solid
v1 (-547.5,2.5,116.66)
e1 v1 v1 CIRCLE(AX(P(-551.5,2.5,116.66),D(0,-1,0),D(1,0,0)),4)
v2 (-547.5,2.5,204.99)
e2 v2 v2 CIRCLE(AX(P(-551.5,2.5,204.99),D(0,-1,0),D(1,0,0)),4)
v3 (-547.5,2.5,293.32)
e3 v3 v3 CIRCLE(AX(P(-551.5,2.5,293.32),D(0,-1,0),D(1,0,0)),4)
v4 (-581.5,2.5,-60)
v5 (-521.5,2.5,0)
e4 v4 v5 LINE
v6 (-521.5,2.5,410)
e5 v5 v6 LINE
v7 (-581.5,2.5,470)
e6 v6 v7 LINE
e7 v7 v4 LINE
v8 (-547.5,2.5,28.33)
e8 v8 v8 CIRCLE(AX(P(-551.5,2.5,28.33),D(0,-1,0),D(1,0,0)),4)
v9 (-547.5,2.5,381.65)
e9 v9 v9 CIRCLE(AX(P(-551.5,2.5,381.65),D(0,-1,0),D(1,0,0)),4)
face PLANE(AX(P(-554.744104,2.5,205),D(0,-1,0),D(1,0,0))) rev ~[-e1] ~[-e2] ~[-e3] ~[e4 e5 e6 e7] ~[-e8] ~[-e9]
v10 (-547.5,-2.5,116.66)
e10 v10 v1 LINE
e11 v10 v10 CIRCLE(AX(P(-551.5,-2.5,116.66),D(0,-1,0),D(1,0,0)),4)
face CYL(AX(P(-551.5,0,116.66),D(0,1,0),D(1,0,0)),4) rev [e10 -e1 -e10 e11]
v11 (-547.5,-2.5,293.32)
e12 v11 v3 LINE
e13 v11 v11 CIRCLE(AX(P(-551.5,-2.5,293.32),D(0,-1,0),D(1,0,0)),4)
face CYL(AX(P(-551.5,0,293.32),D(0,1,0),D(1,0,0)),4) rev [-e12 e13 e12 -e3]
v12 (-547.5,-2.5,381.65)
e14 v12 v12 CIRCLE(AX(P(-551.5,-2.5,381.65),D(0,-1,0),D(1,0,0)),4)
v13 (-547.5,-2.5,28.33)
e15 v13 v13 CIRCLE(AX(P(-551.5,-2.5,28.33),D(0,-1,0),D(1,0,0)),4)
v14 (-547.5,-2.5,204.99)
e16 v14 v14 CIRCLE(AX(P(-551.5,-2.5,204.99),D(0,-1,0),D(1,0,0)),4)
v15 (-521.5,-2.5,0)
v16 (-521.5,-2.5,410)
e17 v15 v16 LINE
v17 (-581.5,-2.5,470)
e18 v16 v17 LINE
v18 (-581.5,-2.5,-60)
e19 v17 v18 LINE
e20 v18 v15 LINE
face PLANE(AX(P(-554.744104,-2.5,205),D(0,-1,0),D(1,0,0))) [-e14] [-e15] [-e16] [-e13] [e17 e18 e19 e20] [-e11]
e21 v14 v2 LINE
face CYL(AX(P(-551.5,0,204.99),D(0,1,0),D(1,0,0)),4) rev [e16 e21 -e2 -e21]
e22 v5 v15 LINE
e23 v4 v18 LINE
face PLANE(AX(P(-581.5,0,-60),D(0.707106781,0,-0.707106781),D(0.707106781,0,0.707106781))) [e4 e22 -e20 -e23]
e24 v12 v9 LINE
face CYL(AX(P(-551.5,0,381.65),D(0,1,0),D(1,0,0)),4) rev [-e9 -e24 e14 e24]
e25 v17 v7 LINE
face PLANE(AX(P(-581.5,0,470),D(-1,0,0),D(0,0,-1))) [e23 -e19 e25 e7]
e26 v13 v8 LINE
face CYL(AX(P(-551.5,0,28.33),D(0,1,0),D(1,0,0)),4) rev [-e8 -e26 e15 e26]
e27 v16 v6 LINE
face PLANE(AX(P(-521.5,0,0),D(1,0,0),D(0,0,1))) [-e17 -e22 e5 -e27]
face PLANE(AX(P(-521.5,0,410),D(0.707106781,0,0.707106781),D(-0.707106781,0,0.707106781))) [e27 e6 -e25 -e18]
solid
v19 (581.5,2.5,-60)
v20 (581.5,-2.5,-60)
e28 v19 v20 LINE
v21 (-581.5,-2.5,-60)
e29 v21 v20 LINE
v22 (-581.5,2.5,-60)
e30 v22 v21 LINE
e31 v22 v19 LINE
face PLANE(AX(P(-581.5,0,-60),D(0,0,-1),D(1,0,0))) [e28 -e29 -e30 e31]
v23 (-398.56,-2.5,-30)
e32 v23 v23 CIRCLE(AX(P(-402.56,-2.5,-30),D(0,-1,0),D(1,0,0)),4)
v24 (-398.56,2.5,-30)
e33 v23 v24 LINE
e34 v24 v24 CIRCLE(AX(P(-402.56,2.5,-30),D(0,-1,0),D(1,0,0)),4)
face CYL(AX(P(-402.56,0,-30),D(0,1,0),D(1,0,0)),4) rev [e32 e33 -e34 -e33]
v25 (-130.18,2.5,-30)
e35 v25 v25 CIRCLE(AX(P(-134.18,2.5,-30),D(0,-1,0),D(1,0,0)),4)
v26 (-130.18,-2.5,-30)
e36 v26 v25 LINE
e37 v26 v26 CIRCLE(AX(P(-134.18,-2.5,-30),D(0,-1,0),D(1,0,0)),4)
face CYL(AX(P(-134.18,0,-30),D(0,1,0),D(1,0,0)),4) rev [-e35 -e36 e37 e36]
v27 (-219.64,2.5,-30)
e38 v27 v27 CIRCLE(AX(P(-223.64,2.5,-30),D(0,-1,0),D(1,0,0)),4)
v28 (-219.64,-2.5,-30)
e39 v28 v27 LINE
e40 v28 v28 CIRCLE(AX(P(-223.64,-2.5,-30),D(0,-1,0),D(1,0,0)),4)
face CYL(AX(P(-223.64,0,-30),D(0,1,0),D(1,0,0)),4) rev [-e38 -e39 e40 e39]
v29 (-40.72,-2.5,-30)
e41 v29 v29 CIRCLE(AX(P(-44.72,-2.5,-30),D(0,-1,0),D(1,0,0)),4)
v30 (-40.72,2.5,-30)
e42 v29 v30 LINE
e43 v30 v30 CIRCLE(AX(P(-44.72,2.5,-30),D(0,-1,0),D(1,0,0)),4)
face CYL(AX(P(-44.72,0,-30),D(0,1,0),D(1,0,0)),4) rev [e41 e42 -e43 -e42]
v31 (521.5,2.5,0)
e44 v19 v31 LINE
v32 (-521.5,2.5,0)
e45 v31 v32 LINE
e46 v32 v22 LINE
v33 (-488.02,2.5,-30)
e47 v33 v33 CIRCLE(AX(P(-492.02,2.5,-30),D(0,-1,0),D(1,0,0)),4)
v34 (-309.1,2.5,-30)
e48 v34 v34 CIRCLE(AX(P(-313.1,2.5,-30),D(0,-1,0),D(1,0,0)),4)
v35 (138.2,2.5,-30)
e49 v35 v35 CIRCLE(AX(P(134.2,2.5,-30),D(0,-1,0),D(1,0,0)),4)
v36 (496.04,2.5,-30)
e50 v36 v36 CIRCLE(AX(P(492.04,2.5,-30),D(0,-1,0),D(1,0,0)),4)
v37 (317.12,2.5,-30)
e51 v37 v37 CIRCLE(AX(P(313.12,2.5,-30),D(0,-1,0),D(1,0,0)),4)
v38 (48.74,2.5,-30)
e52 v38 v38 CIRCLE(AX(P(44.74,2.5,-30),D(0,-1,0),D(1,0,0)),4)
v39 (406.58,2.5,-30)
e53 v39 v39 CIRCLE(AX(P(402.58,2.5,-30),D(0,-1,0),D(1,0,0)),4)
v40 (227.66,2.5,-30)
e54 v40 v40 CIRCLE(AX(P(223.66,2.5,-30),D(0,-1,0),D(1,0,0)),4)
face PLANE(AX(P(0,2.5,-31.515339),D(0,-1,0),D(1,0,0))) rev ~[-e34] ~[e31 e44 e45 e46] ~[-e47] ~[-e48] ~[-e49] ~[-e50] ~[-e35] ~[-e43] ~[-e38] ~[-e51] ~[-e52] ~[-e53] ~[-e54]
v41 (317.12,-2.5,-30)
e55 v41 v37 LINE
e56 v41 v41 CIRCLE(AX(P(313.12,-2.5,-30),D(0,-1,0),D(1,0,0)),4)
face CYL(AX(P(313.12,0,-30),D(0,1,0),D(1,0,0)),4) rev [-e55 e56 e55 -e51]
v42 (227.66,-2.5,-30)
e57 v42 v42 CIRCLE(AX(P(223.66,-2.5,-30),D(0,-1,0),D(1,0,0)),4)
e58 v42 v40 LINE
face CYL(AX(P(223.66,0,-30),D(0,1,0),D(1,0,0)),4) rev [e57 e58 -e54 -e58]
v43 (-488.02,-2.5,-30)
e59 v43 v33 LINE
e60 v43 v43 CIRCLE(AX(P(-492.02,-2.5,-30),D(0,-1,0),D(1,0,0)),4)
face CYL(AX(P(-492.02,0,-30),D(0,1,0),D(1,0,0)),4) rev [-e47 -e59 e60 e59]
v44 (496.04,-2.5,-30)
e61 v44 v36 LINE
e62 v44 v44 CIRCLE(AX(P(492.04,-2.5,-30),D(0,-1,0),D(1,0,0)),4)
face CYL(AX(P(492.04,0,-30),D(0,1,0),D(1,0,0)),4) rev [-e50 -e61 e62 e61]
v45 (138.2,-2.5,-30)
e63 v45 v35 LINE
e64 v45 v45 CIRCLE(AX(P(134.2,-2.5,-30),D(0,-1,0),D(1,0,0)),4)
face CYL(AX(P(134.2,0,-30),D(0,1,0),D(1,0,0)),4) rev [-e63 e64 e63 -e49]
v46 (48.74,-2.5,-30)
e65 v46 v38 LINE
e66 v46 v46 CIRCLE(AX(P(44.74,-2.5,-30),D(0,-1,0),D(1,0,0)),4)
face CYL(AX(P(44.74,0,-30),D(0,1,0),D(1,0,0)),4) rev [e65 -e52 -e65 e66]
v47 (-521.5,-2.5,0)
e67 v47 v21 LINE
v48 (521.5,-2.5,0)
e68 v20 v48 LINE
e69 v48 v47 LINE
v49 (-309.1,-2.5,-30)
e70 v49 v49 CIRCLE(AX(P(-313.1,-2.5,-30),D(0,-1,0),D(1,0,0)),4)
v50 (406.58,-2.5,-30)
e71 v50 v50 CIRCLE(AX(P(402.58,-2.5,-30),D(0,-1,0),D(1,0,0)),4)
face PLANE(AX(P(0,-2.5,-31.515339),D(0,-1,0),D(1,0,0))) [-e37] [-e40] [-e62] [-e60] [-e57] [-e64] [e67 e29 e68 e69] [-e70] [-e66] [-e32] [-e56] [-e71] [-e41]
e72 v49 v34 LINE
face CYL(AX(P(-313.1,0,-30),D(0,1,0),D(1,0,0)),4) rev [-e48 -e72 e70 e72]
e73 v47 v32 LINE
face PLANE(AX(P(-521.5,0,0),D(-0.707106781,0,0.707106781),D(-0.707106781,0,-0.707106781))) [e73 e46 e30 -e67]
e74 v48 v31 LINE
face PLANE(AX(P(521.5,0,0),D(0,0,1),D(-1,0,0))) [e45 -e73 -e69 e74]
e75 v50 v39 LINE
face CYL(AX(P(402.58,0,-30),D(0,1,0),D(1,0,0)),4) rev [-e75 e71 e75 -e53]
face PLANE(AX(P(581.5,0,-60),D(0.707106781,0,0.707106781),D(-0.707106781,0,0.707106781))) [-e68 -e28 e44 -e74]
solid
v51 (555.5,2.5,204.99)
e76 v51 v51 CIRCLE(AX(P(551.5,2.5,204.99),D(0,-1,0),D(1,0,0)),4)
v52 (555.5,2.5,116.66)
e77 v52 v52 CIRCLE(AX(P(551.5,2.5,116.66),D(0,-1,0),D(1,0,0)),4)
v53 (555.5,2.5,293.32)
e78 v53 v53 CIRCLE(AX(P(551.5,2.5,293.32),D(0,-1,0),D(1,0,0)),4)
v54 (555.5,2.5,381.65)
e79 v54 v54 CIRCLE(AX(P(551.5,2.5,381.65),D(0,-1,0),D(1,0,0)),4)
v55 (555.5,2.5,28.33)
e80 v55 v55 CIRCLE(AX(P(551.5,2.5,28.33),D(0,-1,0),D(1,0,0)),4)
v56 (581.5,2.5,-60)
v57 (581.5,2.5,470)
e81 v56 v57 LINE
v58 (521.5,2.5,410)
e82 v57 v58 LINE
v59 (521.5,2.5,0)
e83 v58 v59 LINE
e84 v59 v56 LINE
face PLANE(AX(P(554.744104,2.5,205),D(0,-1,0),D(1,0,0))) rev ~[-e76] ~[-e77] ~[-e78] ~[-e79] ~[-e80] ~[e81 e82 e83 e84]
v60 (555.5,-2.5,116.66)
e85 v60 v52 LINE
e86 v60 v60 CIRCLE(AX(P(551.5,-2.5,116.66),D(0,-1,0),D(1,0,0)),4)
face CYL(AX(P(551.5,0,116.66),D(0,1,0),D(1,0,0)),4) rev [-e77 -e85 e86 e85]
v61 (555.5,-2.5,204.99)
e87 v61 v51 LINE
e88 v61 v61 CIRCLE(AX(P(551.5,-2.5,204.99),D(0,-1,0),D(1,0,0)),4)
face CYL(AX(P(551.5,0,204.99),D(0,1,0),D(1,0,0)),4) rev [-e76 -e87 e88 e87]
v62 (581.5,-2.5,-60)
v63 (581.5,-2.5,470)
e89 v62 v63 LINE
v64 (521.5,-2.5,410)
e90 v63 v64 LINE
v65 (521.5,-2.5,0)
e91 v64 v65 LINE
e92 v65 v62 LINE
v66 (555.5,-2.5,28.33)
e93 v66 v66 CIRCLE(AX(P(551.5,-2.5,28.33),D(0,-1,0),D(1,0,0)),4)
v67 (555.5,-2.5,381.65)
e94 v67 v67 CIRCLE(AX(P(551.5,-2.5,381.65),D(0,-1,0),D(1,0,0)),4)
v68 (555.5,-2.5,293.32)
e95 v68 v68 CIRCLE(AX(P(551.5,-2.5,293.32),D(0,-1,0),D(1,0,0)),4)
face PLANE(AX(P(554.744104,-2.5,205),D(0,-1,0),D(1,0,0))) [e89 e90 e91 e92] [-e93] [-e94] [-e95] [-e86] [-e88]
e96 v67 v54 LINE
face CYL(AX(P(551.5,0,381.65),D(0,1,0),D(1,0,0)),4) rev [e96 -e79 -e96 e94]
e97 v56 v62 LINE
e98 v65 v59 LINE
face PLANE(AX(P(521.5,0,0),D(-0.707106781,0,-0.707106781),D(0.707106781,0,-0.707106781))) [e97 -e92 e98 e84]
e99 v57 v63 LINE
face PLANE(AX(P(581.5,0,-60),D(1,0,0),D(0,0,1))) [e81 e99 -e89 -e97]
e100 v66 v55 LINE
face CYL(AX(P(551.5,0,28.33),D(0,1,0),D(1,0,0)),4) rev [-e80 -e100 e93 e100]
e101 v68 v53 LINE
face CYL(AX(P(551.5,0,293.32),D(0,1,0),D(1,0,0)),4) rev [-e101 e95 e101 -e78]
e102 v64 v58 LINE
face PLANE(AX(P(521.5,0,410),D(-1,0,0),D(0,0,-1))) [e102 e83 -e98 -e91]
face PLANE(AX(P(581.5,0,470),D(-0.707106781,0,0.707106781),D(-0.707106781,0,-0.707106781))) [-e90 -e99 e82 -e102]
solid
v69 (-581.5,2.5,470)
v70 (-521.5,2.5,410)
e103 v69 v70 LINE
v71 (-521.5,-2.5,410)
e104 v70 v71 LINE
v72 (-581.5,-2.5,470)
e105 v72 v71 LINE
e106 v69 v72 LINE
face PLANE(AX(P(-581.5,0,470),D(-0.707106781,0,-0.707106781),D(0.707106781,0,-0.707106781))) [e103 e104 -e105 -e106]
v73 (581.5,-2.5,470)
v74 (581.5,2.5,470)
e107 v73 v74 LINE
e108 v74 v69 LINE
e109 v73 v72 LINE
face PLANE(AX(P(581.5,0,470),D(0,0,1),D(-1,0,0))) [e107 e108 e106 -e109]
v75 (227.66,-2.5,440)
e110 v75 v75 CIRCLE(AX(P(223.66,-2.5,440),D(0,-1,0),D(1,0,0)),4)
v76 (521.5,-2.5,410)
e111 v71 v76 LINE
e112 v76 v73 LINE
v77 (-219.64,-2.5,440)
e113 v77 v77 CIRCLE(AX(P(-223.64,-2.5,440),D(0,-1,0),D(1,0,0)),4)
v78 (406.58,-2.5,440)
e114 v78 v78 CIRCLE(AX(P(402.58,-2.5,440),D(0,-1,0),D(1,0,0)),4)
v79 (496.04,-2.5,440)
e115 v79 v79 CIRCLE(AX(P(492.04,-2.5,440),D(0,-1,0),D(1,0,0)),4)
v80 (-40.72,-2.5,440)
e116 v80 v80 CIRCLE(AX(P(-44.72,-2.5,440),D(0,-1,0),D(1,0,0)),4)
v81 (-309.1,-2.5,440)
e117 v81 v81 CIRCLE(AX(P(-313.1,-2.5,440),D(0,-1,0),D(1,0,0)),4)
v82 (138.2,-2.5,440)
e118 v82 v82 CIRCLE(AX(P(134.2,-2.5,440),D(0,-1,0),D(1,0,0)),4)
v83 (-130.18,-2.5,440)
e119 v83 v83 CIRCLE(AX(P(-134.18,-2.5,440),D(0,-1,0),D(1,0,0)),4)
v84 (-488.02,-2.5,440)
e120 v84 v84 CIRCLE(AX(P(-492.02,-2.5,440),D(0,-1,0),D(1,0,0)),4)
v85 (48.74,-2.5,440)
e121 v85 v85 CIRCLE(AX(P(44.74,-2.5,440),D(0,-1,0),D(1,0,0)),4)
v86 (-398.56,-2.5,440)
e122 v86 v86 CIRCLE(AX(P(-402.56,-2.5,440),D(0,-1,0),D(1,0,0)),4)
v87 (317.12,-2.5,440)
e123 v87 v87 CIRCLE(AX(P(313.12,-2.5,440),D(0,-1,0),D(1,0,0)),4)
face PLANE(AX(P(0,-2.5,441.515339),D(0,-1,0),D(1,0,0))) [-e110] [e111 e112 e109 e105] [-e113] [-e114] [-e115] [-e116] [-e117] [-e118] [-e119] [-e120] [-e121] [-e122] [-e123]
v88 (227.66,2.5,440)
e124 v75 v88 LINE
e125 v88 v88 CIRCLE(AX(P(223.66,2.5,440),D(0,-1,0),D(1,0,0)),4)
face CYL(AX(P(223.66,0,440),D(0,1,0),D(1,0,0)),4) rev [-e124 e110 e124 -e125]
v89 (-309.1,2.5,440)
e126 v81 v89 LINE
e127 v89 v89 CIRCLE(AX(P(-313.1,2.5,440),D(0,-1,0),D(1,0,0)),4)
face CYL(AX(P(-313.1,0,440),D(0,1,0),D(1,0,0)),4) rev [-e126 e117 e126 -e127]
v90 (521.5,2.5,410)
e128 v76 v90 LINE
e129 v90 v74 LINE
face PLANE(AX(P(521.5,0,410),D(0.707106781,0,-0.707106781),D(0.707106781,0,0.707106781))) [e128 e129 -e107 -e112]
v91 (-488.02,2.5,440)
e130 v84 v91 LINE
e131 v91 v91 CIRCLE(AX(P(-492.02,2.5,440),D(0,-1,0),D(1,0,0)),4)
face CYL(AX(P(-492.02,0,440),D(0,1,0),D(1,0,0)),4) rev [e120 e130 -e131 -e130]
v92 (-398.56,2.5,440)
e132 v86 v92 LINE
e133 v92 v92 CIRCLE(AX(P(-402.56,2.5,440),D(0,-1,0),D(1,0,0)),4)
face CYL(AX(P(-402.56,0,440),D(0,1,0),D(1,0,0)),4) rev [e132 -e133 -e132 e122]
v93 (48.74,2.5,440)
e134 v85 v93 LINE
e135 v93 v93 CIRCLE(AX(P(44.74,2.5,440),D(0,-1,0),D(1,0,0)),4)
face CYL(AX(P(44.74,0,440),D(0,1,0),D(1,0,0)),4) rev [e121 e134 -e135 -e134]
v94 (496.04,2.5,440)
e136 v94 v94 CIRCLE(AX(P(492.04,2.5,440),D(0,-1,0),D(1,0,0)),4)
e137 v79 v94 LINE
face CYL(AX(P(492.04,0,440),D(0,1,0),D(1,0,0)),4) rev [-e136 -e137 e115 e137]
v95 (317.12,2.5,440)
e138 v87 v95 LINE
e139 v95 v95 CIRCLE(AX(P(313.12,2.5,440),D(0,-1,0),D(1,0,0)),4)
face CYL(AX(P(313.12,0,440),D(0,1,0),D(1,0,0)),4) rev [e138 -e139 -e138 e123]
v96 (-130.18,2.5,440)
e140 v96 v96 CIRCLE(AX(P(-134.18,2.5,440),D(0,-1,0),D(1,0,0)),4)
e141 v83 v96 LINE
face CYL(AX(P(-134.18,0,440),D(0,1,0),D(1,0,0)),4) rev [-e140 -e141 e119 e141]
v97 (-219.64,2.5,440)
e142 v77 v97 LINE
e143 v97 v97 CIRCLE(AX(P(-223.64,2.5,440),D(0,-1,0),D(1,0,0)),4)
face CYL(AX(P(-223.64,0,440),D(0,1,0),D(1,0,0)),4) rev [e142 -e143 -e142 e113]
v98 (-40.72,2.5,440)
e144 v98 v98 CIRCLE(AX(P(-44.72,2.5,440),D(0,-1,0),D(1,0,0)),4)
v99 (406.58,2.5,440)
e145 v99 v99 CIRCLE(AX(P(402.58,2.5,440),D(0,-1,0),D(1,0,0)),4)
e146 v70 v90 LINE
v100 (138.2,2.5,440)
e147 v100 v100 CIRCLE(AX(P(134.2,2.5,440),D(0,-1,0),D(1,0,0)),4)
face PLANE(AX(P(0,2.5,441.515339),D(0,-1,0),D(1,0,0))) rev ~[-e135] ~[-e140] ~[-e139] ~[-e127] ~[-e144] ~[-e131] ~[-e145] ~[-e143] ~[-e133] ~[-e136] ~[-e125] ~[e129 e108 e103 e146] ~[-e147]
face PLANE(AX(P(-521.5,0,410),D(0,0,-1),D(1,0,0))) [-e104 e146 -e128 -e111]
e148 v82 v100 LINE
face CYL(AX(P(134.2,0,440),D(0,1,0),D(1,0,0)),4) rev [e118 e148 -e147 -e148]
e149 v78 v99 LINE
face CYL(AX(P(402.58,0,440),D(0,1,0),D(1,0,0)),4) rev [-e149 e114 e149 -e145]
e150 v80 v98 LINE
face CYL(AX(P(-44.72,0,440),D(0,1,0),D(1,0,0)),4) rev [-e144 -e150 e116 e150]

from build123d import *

# Parameters (mm, degrees)
F0_R     = 4
F2_DEPTH = 2.5
F1_R     = 4


with BuildPart() as f2:
    # F0 (on Front) → F2 (new body, symmetric)
    with BuildSketch(Plane.XZ):
        Polygon((-521.5, 0), (-581.5, -60), (581.5, -60), (521.5, 0), align=None)
        with Locations((-492.02, -30)):
            Circle(F0_R, mode=Mode.SUBTRACT)
        with Locations((-402.56, -30)):
            Circle(F0_R, mode=Mode.SUBTRACT)
        with Locations((-313.1, -30)):
            Circle(F0_R, mode=Mode.SUBTRACT)
        with Locations((-223.64, -30)):
            Circle(F0_R, mode=Mode.SUBTRACT)
        with Locations((-134.18, -30)):
            Circle(F0_R, mode=Mode.SUBTRACT)
        with Locations((-44.72, -30)):
            Circle(F0_R, mode=Mode.SUBTRACT)
        with Locations((44.74, -30)):
            Circle(F0_R, mode=Mode.SUBTRACT)
        with Locations((134.2, -30)):
            Circle(F0_R, mode=Mode.SUBTRACT)
        with Locations((223.66, -30)):
            Circle(F0_R, mode=Mode.SUBTRACT)
        with Locations((313.12, -30)):
            Circle(F0_R, mode=Mode.SUBTRACT)
        with Locations((402.58, -30)):
            Circle(F0_R, mode=Mode.SUBTRACT)
        with Locations((492.04, -30)):
            Circle(F0_R, mode=Mode.SUBTRACT)
    extrude(amount=F2_DEPTH, both=True)


with BuildPart() as f2b:
    # F0 (on Front) → F2, piece 2 (new body, symmetric)
    with BuildSketch(Plane.XZ):
        Polygon((581.5, 470), (-581.5, 470), (-521.5, 410), (521.5, 410), align=None)
        with Locations((-492.02, 440)):
            Circle(F0_R, mode=Mode.SUBTRACT)
        with Locations((-402.56, 440)):
            Circle(F0_R, mode=Mode.SUBTRACT)
        with Locations((-313.1, 440)):
            Circle(F0_R, mode=Mode.SUBTRACT)
        with Locations((-223.64, 440)):
            Circle(F0_R, mode=Mode.SUBTRACT)
        with Locations((-134.18, 440)):
            Circle(F0_R, mode=Mode.SUBTRACT)
        with Locations((-44.72, 440)):
            Circle(F0_R, mode=Mode.SUBTRACT)
        with Locations((44.74, 440)):
            Circle(F0_R, mode=Mode.SUBTRACT)
        with Locations((134.2, 440)):
            Circle(F0_R, mode=Mode.SUBTRACT)
        with Locations((223.66, 440)):
            Circle(F0_R, mode=Mode.SUBTRACT)
        with Locations((313.12, 440)):
            Circle(F0_R, mode=Mode.SUBTRACT)
        with Locations((402.58, 440)):
            Circle(F0_R, mode=Mode.SUBTRACT)
        with Locations((492.04, 440)):
            Circle(F0_R, mode=Mode.SUBTRACT)
    extrude(amount=F2_DEPTH, both=True)


with BuildPart() as f2c:
    # F1 (on Front) → F2, piece 3 (new body, symmetric)
    with BuildSketch(Plane.XZ):
        Polygon((-581.5, 470), (-581.5, -60), (-521.5, 0), (-521.5, 410), align=None)
        with Locations((-551.5, 28.33)):
            Circle(F1_R, mode=Mode.SUBTRACT)
        with Locations((-551.5, 116.66)):
            Circle(F1_R, mode=Mode.SUBTRACT)
        with Locations((-551.5, 204.99)):
            Circle(F1_R, mode=Mode.SUBTRACT)
        with Locations((-551.5, 293.32)):
            Circle(F1_R, mode=Mode.SUBTRACT)
        with Locations((-551.5, 381.65)):
            Circle(F1_R, mode=Mode.SUBTRACT)
    extrude(amount=F2_DEPTH, both=True)


with BuildPart() as f2d:
    # F1 (on Front) → F2, piece 4 (new body, symmetric)
    with BuildSketch(Plane.XZ):
        Polygon((521.5, 0), (581.5, -60), (581.5, 470), (521.5, 410), align=None)
        with Locations((551.5, 28.33)):
            Circle(F1_R, mode=Mode.SUBTRACT)
        with Locations((551.5, 116.66)):
            Circle(F1_R, mode=Mode.SUBTRACT)
        with Locations((551.5, 204.99)):
            Circle(F1_R, mode=Mode.SUBTRACT)
        with Locations((551.5, 293.32)):
            Circle(F1_R, mode=Mode.SUBTRACT)
        with Locations((551.5, 381.65)):
            Circle(F1_R, mode=Mode.SUBTRACT)
    extrude(amount=F2_DEPTH, both=True)


solid = Compound([f2.part, f2b.part, f2c.part, f2d.part])
